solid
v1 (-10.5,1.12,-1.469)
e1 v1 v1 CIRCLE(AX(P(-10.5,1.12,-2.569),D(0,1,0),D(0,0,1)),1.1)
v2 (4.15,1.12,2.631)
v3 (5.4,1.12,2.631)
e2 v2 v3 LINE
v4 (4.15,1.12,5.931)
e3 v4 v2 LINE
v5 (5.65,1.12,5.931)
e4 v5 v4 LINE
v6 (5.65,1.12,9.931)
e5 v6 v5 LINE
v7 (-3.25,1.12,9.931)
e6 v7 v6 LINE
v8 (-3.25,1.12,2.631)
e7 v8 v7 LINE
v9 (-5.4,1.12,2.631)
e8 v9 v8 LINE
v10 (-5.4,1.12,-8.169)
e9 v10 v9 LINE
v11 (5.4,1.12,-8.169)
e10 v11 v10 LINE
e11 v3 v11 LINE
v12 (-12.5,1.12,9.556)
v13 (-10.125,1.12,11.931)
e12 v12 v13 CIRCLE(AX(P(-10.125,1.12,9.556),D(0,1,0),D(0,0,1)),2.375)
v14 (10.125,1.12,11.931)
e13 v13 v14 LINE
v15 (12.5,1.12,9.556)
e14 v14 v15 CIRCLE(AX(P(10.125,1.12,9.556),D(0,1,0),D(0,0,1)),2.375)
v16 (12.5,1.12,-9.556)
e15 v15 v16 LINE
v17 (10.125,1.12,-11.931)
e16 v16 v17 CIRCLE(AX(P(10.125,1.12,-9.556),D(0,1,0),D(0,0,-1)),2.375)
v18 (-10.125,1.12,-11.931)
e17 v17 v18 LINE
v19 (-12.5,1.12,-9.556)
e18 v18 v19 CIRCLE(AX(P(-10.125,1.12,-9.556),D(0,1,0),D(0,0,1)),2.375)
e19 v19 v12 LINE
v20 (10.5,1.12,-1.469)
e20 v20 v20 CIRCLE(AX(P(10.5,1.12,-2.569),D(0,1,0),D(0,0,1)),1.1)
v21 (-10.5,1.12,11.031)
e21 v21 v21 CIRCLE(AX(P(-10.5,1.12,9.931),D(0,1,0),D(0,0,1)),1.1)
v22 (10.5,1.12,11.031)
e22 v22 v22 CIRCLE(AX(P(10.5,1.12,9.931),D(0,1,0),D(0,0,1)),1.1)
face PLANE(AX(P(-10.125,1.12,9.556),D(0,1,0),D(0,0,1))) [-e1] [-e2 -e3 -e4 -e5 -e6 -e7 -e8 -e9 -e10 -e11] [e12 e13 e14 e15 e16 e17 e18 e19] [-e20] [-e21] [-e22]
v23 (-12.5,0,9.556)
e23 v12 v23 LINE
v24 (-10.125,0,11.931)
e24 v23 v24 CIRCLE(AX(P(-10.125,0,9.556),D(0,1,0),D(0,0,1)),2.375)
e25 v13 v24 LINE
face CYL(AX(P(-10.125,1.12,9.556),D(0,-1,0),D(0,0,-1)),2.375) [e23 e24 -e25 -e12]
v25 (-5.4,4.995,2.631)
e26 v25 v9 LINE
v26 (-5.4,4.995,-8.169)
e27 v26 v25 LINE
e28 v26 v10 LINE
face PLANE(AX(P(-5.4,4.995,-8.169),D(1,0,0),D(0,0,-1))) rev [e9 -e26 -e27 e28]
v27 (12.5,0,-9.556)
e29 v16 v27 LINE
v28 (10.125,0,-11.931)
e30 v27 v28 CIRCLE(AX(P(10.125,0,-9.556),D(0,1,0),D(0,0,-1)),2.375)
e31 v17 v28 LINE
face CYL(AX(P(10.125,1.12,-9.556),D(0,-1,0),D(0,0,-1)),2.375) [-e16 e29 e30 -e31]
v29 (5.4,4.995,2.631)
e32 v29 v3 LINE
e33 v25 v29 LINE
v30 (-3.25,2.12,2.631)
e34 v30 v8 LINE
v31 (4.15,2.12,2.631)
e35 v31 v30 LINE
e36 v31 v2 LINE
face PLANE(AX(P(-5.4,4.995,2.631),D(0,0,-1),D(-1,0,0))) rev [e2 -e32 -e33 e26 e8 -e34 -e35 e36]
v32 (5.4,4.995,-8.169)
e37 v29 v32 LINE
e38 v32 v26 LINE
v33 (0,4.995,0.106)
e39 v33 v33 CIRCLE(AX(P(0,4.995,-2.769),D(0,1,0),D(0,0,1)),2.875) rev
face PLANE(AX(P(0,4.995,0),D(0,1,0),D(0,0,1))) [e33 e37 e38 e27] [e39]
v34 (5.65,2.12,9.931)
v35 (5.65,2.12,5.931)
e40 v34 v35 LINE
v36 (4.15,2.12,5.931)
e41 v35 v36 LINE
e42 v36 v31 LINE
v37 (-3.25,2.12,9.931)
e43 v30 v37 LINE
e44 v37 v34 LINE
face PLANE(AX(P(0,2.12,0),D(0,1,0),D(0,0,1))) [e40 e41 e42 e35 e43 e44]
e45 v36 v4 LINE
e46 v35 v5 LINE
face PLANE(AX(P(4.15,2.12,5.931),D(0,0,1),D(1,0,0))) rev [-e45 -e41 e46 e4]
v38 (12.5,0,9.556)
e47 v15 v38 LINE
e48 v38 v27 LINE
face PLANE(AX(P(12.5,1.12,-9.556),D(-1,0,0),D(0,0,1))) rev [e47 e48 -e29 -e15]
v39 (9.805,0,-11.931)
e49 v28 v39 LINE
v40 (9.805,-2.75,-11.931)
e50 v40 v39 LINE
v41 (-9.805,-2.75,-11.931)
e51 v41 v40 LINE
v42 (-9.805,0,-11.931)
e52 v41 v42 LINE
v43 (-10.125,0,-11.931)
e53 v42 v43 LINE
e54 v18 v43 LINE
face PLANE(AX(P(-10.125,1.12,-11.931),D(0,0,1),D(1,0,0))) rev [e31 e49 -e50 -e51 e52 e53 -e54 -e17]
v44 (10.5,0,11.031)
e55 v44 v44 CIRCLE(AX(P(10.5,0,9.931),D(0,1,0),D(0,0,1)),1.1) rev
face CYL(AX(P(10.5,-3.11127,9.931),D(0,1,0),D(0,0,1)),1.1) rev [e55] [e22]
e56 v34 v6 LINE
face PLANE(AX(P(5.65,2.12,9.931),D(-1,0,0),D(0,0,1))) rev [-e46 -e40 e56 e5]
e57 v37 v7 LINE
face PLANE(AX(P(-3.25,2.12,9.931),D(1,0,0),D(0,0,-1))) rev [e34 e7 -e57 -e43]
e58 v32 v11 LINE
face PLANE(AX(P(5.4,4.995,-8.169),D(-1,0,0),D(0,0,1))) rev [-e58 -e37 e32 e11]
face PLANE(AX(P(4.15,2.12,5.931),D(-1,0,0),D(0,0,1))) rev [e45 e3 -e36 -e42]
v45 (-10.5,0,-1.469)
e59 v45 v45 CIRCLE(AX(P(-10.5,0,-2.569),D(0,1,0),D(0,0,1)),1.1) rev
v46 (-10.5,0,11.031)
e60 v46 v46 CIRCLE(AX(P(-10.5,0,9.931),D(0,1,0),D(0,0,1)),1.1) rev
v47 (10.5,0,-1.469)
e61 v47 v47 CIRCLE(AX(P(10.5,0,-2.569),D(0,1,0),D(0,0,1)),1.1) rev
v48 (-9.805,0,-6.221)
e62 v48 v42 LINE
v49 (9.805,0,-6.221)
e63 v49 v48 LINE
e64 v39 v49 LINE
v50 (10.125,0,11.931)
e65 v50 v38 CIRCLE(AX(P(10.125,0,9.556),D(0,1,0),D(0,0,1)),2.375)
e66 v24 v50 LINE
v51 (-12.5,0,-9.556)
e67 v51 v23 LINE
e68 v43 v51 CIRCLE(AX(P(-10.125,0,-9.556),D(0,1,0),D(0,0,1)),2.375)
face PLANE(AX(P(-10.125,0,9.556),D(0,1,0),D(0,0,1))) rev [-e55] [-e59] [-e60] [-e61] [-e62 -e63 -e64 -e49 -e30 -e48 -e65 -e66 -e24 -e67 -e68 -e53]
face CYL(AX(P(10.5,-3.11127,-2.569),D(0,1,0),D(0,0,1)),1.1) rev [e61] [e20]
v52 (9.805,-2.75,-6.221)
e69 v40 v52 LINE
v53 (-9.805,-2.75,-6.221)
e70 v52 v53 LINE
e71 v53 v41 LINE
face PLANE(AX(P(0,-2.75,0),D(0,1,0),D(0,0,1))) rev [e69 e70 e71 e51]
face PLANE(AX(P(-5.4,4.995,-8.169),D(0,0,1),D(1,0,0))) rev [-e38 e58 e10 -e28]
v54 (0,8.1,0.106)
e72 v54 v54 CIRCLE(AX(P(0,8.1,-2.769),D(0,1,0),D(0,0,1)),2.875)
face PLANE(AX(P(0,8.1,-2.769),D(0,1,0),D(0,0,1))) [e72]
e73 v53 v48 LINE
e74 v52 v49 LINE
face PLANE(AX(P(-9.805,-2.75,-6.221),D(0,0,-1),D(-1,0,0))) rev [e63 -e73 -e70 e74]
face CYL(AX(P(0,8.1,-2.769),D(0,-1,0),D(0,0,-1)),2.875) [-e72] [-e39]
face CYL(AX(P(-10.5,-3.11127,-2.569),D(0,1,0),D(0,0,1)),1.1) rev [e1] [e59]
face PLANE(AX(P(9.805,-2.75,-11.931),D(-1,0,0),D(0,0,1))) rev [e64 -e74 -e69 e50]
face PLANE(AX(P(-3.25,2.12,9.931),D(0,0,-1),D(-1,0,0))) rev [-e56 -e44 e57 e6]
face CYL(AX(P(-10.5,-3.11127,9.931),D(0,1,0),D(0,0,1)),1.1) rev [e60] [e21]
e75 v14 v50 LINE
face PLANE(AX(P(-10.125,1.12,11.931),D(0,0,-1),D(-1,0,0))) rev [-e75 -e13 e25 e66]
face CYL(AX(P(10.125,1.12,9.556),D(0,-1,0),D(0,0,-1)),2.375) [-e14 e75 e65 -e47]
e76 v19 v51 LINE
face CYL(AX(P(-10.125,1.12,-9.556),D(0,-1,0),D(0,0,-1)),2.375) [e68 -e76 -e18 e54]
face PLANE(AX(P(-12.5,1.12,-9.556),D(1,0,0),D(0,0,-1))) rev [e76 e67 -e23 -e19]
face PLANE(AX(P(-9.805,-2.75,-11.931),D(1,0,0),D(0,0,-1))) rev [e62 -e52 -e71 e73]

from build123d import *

# Parameters (mm, degrees)
MAINBOARD_DEPTH     = 1.12
SKETCH2_R           = 1.1
BOARDHOLES_DEPTH    = 1.12
CAMBOD_W            = 10.8
CAMBOD_H            = 10.8
CAM_BASE_DEPTH      = 3.875
CAMLENS_START       = -3.875
SKETCH4_R           = 2.875
CAMLENS_DEPTH       = 6.98
SKETCH5_W           = 19.61
SKETCH5_H           = 5.71
RIBBON_PORT_DEPTH   = 2.75
LITTLE_MODULE_DEPTH = 1


with BuildPart() as part:
    # Sketch1 → MainBoard (new body)
    with BuildSketch(Plane(origin=(0, 0, 0), x_dir=(1, 0, 0), z_dir=(0, 1, 0))):
        with BuildLine():
            Line((-10.125, 11.931), (10.125, 11.931))
            ThreePointArc((10.125, 11.931), (11.804378605, 11.235378605), (12.5, 9.556))
            Line((12.5, 9.556), (12.5, -9.556))
            ThreePointArc((12.5, -9.556), (11.804378605, -11.235378605), (10.125, -11.931))
            Line((10.125, -11.931), (-10.125, -11.931))
            ThreePointArc((-10.125, -11.931), (-11.804378605, -11.235378605), (-12.5, -9.556))
            Line((-12.5, -9.556), (-12.5, 9.556))
            ThreePointArc((-12.5, 9.556), (-11.804378605, 11.235378605), (-10.125, 11.931))
        make_face()
    extrude(amount=MAINBOARD_DEPTH)

    # Sketch2 → BoardHoles (cut)
    with BuildSketch(Plane(origin=(0, 1.12, 0), x_dir=(1, 0, 0), z_dir=(0, 1, 0))):
        with Locations(Location((-10.5, -9.931, 0), (0, 0, 270))):
            Circle(SKETCH2_R)
        with Locations(Location((-10.5, 2.569, 0), (0, 0, 270))):
            Circle(SKETCH2_R)
        with Locations(Location((10.5, -9.931, 0), (0, 0, 270))):
            Circle(SKETCH2_R)
        with Locations(Location((10.5, 2.569, 0), (0, 0, 270))):
            Circle(SKETCH2_R)
    extrude(amount=-BOARDHOLES_DEPTH, mode=Mode.SUBTRACT)

    # CamBod → Cam Base (add)
    with BuildSketch(Plane(origin=(0, 1.12, 0), x_dir=(1, 0, 0), z_dir=(0, 1, 0))):
        with Locations((0, 2.769)):
            Rectangle(CAMBOD_W, CAMBOD_H)
    extrude(amount=CAM_BASE_DEPTH)

    # Sketch4 → CamLens (add)
    with BuildSketch(Plane(origin=(0, 4.995, 0), x_dir=(1, 0, 0), z_dir=(0, 1, 0)).offset(CAMLENS_START)):
        with Locations(Location((0, 2.769, 0), (0, 0, 270))):
            Circle(SKETCH4_R)
    extrude(amount=CAMLENS_DEPTH)

    # Sketch5 → Ribbon Port (add)
    with BuildSketch(Plane.XZ):
        with Locations((0, -9.076)):
            Rectangle(SKETCH5_W, SKETCH5_H)
    extrude(amount=RIBBON_PORT_DEPTH)

    # Sketch6 → Little Module (add)
    with BuildSketch(Plane(origin=(0, 1.12, 0), x_dir=(1, 0, 0), z_dir=(0, 1, 0))):
        Polygon((-3.25, -9.931), (-3.25, -2.631), (4.15, -2.631), (4.15, -5.931), (5.65, -5.931), (5.65, -9.931), align=None)
    extrude(amount=LITTLE_MODULE_DEPTH)


solid = part.part
